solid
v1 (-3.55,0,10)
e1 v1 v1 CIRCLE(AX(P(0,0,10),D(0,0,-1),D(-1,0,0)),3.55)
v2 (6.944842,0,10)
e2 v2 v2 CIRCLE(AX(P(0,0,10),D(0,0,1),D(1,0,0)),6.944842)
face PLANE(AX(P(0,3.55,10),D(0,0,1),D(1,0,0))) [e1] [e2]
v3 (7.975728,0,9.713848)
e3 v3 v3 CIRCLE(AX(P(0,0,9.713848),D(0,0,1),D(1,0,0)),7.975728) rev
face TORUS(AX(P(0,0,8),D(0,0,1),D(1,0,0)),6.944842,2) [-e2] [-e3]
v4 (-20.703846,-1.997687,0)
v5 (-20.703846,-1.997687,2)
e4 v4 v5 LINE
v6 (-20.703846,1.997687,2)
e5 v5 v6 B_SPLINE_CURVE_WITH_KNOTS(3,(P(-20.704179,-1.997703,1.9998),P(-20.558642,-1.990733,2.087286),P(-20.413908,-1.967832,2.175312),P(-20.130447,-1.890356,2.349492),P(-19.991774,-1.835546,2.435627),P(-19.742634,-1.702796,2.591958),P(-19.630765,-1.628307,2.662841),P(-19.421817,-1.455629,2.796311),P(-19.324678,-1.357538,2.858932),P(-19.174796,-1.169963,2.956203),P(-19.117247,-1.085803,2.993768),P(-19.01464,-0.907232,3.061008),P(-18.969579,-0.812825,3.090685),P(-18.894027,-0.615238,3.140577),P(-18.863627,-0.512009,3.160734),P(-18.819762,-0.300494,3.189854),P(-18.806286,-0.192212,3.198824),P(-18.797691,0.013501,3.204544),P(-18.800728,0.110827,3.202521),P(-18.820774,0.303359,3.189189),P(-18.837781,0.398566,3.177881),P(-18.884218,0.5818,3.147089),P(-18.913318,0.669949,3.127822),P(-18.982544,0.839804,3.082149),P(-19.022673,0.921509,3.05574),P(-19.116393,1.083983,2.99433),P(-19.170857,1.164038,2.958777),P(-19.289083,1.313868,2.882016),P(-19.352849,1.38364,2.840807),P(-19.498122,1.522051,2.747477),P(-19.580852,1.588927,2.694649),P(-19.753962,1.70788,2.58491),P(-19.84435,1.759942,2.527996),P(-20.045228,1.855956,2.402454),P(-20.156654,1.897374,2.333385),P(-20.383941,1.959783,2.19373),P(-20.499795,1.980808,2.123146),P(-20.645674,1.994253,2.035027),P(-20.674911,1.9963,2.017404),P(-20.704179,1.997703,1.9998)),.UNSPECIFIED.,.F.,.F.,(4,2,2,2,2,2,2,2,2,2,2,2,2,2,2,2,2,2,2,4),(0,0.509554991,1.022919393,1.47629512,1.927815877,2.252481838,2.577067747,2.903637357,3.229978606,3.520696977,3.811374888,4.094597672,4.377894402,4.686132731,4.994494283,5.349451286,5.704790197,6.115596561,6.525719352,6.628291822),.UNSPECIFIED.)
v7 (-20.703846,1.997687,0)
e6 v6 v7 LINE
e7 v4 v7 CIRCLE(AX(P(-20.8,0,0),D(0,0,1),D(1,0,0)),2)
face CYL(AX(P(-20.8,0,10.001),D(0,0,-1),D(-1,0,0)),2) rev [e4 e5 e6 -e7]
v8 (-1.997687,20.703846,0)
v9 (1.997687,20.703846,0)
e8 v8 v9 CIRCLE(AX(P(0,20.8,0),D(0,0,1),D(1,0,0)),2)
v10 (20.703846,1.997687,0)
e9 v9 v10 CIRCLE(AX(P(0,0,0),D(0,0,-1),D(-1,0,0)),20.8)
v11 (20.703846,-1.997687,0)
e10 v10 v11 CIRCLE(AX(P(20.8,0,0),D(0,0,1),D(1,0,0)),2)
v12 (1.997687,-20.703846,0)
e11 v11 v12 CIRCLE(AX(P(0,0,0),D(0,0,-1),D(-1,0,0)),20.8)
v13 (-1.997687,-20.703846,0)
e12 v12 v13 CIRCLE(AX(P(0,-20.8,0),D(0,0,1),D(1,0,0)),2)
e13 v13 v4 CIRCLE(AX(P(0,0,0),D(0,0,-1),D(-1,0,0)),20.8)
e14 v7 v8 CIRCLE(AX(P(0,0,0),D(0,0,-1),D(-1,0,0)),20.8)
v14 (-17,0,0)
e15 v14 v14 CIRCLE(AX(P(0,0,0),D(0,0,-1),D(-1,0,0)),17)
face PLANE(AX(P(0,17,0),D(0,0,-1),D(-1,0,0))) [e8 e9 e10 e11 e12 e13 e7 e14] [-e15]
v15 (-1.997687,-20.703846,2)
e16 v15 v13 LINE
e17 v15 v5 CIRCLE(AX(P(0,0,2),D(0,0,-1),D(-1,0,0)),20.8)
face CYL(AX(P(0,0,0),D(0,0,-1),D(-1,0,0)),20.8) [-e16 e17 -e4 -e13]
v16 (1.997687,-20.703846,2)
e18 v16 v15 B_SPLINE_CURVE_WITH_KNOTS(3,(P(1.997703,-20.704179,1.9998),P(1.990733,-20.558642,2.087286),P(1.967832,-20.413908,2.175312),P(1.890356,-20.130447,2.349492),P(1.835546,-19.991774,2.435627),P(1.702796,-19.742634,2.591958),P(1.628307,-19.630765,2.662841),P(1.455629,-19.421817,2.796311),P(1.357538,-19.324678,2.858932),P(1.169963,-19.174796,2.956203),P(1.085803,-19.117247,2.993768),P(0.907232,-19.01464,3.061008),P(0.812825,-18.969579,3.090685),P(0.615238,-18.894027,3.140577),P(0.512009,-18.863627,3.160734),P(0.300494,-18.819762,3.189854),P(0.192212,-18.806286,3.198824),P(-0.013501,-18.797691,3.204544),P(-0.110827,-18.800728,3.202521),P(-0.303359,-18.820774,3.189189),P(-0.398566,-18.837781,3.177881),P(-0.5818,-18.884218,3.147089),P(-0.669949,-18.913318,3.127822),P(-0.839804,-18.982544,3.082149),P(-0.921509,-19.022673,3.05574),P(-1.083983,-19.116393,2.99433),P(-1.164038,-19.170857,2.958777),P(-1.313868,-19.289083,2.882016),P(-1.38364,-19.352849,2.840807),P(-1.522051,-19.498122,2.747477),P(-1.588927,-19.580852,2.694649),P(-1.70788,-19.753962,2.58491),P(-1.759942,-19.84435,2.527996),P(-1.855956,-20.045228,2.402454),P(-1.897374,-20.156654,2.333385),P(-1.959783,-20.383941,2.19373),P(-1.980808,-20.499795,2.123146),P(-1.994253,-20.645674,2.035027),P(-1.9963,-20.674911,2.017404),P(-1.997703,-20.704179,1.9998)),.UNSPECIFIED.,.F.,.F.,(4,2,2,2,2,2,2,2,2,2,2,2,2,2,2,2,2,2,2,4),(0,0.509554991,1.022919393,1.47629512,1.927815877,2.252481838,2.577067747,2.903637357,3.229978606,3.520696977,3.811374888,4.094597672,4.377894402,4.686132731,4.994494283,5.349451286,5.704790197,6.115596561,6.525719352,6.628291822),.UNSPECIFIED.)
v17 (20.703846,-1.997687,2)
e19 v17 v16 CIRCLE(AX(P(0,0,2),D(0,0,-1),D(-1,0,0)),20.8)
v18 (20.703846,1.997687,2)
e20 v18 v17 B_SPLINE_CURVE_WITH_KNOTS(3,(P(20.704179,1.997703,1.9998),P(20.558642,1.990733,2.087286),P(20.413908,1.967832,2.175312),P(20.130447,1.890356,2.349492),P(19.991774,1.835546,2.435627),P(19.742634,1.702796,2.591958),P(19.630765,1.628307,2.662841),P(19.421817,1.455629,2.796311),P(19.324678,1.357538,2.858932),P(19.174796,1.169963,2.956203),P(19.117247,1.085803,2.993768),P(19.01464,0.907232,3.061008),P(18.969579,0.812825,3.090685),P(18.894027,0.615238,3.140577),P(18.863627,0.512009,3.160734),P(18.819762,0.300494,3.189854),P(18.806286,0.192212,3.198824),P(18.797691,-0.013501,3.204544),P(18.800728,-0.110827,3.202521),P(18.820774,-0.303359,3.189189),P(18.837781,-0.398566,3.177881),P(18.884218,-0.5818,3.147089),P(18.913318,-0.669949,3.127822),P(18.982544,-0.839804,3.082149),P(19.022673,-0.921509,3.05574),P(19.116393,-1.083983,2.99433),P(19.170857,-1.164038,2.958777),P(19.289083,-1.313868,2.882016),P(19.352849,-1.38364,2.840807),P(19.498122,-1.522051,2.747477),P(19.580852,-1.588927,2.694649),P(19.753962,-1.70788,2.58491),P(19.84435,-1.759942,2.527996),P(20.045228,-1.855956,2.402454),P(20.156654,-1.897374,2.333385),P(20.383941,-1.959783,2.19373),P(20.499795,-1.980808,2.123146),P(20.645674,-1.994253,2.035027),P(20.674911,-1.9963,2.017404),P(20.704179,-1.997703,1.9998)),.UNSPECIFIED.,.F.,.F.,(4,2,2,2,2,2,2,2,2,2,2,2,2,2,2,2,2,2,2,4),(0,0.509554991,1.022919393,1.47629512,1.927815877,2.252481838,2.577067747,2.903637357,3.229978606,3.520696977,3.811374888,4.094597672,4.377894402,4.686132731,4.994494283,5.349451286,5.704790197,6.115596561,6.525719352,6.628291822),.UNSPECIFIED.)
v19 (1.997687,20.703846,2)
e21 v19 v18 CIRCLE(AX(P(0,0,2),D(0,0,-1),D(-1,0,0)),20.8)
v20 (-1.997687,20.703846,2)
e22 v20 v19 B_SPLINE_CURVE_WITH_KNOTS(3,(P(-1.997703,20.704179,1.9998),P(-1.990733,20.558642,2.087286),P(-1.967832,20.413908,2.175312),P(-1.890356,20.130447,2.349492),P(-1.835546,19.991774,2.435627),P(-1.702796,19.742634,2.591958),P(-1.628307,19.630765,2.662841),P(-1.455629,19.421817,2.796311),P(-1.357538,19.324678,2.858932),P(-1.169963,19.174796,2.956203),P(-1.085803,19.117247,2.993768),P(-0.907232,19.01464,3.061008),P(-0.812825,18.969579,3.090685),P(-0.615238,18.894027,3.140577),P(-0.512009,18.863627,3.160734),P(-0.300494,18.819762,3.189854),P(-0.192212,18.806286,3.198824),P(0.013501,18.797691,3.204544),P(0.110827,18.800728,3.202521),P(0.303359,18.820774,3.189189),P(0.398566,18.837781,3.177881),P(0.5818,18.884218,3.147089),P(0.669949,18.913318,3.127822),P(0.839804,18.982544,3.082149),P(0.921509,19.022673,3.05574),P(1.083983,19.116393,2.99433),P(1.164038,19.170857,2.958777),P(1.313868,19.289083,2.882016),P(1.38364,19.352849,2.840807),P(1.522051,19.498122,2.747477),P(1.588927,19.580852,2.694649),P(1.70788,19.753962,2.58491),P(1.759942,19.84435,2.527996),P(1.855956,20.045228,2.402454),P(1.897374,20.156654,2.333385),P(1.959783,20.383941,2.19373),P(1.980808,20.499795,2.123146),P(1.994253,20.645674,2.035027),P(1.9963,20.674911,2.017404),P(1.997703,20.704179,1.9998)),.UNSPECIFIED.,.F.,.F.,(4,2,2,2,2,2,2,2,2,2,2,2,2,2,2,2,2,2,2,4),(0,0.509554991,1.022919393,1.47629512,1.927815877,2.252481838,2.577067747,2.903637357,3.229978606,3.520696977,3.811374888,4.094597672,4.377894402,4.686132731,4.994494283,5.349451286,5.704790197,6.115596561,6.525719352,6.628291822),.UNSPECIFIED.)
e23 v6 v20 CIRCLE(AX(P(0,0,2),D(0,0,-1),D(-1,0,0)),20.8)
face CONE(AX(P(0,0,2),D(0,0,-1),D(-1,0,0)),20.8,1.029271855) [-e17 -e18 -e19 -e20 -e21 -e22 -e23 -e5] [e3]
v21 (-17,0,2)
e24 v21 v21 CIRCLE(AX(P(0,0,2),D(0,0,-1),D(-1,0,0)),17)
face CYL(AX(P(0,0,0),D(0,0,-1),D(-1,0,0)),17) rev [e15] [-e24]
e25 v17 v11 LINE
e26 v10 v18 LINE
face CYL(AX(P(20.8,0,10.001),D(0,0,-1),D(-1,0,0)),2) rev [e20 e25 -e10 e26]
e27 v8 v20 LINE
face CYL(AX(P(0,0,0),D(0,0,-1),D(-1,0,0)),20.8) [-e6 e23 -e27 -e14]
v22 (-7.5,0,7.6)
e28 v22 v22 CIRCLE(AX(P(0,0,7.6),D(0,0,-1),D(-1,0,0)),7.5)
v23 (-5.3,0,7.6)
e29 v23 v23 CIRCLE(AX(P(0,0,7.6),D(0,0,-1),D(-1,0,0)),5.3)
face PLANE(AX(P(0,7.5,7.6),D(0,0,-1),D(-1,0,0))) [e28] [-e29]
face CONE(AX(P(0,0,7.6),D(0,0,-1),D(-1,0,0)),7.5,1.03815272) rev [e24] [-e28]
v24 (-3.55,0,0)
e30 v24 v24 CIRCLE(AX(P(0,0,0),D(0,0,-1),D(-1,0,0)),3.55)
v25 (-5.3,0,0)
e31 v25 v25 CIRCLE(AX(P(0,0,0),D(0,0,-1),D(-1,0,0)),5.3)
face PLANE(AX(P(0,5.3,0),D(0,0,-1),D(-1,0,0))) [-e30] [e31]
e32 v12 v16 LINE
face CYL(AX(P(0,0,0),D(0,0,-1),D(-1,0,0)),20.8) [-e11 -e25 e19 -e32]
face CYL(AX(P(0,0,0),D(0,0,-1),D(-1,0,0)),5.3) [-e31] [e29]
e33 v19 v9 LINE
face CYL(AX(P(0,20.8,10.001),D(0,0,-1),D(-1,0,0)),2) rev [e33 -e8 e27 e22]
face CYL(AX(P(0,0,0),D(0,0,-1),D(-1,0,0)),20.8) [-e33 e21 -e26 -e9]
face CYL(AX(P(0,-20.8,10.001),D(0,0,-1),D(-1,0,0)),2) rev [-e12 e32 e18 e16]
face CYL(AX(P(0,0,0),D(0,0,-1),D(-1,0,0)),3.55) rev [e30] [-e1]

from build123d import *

# Parameters (mm, degrees)
CUT_EXTRUDE1_REACH = 33.069
SKETCH3_R          = 2
FILLET1_R          = 2


with BuildPart() as part:
    # Sketch2 → Revolve1 (revolve)
    with BuildSketch(Plane(origin=(0, 0, 0), x_dir=(0, 0, -1), z_dir=(1, 0, 0)), mode=Mode.PRIVATE) as revolve1_sk:
        Polygon((0, 17), (0, 20.8), (-2, 20.8), (-10, 7.5), (-10, 3.55), (0, 3.55), (0, 5.3), (-7.6, 5.3), (-7.6, 7.5), (-2, 17), align=None)
    revolve(revolve1_sk.sketch.rotate(Axis((0, 0, 0), (0, 0, 1)), 90), axis=Axis((0, 0, 0), (0, 0, 1)))

    # Cut-Extrude1: up to this cone (the profile starts inside it)
    cut_extrude1_end = Plane(origin=(0, 0, 0), z_dir=(0, 0, -1)).offset(-14.511277195) * Cone(1.663e-06, 120.041275, 72.205277195, align=(Align.CENTER, Align.CENTER, Align.MIN), mode=Mode.PRIVATE)
    # Sketch3 → Cut-Extrude1 (cut, up to the surface)
    with BuildSketch(Plane.XY, mode=Mode.PRIVATE) as cut_extrude1_sk1:
        with Locations((0, 20.8)):
            Circle(SKETCH3_R)
    cut_extrude1_tool1 = extrude(cut_extrude1_sk1.sketch, amount=CUT_EXTRUDE1_REACH, mode=Mode.PRIVATE) & cut_extrude1_end
    add(cut_extrude1_tool1.solids().sort_by_distance((0, 20.8, 0))[0], mode=Mode.SUBTRACT)
    # Sketch3 → Cut-Extrude1 (cut, up to the surface)
    with BuildSketch(Plane.XY, mode=Mode.PRIVATE) as cut_extrude1_sk2:
        with Locations((20.8, 0)):
            Circle(SKETCH3_R)
    cut_extrude1_tool2 = extrude(cut_extrude1_sk2.sketch, amount=CUT_EXTRUDE1_REACH, mode=Mode.PRIVATE) & cut_extrude1_end
    add(cut_extrude1_tool2.solids().sort_by_distance((20.8, 0, 0))[0], mode=Mode.SUBTRACT)
    # Sketch3 → Cut-Extrude1 (cut, up to the surface)
    with BuildSketch(Plane.XY, mode=Mode.PRIVATE) as cut_extrude1_sk3:
        with Locations((0, -20.8)):
            Circle(SKETCH3_R)
    cut_extrude1_tool3 = extrude(cut_extrude1_sk3.sketch, amount=CUT_EXTRUDE1_REACH, mode=Mode.PRIVATE) & cut_extrude1_end
    add(cut_extrude1_tool3.solids().sort_by_distance((0, -20.8, 0))[0], mode=Mode.SUBTRACT)
    # Sketch3 → Cut-Extrude1 (cut, up to the surface)
    with BuildSketch(Plane.XY, mode=Mode.PRIVATE) as cut_extrude1_sk4:
        with Locations((-20.8, 0)):
            Circle(SKETCH3_R)
    cut_extrude1_tool4 = extrude(cut_extrude1_sk4.sketch, amount=CUT_EXTRUDE1_REACH, mode=Mode.PRIVATE) & cut_extrude1_end
    add(cut_extrude1_tool4.solids().sort_by_distance((-20.8, 0, 0))[0], mode=Mode.SUBTRACT)

    # Fillet1
    fillet1_edges = [part.edges().sort_by_distance(p)[0] for p in [
        (7.5, 0, 10),
    ]]
    fillet(fillet1_edges, radius=FILLET1_R)


solid = part.part
